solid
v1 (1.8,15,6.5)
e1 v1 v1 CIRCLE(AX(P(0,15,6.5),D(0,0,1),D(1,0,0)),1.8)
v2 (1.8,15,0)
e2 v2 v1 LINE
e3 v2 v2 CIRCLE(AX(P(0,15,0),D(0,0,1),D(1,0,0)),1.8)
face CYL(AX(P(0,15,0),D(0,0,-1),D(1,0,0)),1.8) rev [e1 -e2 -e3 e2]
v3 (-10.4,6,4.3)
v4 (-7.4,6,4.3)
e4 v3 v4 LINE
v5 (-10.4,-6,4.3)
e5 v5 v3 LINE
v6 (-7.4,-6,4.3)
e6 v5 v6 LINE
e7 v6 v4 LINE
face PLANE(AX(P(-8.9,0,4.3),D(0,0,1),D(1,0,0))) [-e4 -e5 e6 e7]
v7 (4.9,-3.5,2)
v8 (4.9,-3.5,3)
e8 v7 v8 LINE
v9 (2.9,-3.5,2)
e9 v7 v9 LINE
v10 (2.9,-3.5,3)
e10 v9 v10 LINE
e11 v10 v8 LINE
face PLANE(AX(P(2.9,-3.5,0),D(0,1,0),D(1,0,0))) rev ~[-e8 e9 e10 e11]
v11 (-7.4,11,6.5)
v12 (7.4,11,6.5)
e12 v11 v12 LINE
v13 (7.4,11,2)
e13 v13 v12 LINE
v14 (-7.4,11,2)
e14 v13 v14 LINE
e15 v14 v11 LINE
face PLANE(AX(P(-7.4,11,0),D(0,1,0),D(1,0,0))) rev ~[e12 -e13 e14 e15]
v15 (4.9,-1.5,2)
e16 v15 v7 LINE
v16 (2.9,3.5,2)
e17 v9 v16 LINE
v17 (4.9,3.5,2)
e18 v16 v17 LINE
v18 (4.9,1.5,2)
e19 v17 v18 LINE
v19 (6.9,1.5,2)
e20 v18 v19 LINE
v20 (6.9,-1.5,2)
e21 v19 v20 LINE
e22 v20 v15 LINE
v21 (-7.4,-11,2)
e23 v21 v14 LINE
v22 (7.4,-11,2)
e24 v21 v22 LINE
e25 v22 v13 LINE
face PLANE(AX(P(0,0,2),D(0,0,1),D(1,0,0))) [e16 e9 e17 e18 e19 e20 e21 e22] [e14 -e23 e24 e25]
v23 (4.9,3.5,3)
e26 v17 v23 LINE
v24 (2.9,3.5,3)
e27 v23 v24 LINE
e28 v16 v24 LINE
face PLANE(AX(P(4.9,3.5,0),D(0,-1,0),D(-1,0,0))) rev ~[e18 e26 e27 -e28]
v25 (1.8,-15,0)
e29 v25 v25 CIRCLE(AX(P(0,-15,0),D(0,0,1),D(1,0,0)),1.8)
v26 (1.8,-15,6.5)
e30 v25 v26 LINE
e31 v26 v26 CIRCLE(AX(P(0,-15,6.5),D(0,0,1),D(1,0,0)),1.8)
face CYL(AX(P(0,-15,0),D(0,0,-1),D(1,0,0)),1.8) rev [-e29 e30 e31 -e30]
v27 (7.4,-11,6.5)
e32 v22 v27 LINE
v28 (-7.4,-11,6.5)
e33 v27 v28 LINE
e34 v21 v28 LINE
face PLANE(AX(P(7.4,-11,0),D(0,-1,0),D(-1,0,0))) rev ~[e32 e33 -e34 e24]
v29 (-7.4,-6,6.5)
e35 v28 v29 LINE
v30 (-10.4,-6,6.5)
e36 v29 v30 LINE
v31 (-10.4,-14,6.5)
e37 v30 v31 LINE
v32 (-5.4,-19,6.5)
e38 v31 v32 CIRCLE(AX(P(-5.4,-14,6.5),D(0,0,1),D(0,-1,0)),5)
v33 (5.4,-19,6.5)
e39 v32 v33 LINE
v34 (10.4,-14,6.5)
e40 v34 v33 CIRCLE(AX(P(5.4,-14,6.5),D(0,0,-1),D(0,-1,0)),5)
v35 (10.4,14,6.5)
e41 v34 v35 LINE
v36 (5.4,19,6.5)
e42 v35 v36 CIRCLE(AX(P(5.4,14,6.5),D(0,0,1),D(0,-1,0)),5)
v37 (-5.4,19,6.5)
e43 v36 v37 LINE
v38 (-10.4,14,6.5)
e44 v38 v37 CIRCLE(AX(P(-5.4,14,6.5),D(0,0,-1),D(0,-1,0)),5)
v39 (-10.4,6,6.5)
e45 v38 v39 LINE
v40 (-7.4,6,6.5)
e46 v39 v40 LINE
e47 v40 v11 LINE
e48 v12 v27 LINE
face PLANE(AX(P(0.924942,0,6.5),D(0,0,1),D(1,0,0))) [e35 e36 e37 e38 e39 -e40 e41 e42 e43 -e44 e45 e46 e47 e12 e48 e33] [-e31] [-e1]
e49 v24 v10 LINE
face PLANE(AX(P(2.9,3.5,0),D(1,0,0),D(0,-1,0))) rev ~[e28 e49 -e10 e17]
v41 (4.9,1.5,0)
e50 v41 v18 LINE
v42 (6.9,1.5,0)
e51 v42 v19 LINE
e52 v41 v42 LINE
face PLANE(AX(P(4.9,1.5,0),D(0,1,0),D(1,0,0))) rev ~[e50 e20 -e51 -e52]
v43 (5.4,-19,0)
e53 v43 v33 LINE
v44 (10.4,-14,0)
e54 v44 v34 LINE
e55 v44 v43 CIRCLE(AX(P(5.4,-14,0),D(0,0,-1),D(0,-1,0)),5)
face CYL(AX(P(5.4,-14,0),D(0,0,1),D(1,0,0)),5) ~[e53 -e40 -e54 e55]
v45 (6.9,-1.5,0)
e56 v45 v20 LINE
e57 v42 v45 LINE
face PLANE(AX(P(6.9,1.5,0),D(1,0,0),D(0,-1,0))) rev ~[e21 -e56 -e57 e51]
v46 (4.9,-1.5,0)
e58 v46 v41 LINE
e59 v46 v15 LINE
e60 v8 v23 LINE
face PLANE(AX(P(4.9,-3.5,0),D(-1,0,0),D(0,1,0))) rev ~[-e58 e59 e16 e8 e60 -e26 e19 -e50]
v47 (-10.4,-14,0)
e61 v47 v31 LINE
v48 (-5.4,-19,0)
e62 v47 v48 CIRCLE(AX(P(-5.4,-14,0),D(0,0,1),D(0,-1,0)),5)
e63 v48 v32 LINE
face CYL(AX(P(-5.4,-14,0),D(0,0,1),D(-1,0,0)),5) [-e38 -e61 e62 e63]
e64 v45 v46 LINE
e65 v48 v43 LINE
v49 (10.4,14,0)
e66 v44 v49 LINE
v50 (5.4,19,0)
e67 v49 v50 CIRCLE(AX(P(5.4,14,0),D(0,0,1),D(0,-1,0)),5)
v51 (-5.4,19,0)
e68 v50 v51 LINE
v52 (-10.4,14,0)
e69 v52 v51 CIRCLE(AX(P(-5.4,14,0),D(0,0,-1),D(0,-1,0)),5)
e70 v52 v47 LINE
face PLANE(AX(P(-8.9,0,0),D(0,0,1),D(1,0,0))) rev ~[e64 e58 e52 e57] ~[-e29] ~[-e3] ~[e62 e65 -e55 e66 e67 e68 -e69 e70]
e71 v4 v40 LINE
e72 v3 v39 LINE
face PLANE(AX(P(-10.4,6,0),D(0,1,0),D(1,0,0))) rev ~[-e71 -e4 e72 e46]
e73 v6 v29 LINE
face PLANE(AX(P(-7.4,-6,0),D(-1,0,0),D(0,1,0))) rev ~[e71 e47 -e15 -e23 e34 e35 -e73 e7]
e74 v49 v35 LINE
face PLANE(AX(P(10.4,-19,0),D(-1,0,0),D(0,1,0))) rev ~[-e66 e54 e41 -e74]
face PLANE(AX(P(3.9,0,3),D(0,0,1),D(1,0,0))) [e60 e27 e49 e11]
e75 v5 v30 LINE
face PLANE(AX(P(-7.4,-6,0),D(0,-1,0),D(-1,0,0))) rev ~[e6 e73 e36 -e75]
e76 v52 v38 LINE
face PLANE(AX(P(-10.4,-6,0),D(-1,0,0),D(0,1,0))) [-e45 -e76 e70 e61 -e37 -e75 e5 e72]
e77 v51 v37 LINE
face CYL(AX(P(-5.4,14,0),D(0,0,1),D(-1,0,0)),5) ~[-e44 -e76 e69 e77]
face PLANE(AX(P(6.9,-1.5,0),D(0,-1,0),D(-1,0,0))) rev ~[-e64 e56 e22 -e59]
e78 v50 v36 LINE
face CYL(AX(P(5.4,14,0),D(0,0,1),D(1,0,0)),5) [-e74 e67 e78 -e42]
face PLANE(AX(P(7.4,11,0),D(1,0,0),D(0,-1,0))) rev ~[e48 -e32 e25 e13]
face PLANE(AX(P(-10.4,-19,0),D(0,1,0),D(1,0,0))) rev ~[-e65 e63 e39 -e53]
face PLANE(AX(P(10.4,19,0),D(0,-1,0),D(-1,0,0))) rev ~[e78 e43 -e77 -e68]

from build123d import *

# Parameters (mm, degrees)
F0_R     = 1.8
F1_DEPTH = 6.5
F2_DEPTH = 2
F3_DEPTH = 3
F0_W     = 3
F0_H     = 12
F4_DEPTH = 4.3
F5_R     = 5


with BuildPart() as f1:
    # F0 (on Top) → F1 (new body)
    with BuildSketch(Plane.XY):
        Polygon((-7.4, 6), (-7.4, 11), (7.4, 11), (7.4, -11), (-7.4, -11), (-7.4, -6), (-10.4, -6), (-10.4, -19), (10.4, -19), (10.4, 19), (-10.4, 19), (-10.4, 6), align=None)
        with Locations((0, -15)):
            Circle(F0_R, mode=Mode.SUBTRACT)
        with Locations((0, 15)):
            Circle(F0_R, mode=Mode.SUBTRACT)
    extrude(amount=F1_DEPTH)

    # F0 (on Top) → F2 (join)
    with BuildSketch(Plane.XY):
        Polygon((7.4, 11), (-7.4, 11), (-7.4, 6), (-7.4, -6), (-7.4, -11), (7.4, -11), align=None)
        Polygon((2.9, -3.5), (2.9, 3.5), (4.9, 3.5), (4.9, 1.5), (6.9, 1.5), (6.9, -1.5), (4.9, -1.5), (4.9, -3.5), align=None, mode=Mode.SUBTRACT)
    extrude(amount=F2_DEPTH)

    # F0 (on Top) → F3 (join)
    with BuildSketch(Plane.XY):
        Polygon((4.9, 3.5), (2.9, 3.5), (2.9, -3.5), (4.9, -3.5), (4.9, -1.5), (4.9, 1.5), align=None)
    extrude(amount=F3_DEPTH)

    # F0 (on Top) → F4 (join)
    with BuildSketch(Plane.XY):
        with Locations((-8.9, 0)):
            Rectangle(F0_W, F0_H)
    extrude(amount=F4_DEPTH)

    # F5
    f5_edges = [f1.edges().sort_by_distance(p)[0] for p in [
        (-10.4, 19, 3.25),
        (10.4, 19, 3.25),
        (-10.4, -19, 3.25),
        (10.4, -19, 3.25),
    ]]
    fillet(f5_edges, radius=F5_R)


solid = f1.part
